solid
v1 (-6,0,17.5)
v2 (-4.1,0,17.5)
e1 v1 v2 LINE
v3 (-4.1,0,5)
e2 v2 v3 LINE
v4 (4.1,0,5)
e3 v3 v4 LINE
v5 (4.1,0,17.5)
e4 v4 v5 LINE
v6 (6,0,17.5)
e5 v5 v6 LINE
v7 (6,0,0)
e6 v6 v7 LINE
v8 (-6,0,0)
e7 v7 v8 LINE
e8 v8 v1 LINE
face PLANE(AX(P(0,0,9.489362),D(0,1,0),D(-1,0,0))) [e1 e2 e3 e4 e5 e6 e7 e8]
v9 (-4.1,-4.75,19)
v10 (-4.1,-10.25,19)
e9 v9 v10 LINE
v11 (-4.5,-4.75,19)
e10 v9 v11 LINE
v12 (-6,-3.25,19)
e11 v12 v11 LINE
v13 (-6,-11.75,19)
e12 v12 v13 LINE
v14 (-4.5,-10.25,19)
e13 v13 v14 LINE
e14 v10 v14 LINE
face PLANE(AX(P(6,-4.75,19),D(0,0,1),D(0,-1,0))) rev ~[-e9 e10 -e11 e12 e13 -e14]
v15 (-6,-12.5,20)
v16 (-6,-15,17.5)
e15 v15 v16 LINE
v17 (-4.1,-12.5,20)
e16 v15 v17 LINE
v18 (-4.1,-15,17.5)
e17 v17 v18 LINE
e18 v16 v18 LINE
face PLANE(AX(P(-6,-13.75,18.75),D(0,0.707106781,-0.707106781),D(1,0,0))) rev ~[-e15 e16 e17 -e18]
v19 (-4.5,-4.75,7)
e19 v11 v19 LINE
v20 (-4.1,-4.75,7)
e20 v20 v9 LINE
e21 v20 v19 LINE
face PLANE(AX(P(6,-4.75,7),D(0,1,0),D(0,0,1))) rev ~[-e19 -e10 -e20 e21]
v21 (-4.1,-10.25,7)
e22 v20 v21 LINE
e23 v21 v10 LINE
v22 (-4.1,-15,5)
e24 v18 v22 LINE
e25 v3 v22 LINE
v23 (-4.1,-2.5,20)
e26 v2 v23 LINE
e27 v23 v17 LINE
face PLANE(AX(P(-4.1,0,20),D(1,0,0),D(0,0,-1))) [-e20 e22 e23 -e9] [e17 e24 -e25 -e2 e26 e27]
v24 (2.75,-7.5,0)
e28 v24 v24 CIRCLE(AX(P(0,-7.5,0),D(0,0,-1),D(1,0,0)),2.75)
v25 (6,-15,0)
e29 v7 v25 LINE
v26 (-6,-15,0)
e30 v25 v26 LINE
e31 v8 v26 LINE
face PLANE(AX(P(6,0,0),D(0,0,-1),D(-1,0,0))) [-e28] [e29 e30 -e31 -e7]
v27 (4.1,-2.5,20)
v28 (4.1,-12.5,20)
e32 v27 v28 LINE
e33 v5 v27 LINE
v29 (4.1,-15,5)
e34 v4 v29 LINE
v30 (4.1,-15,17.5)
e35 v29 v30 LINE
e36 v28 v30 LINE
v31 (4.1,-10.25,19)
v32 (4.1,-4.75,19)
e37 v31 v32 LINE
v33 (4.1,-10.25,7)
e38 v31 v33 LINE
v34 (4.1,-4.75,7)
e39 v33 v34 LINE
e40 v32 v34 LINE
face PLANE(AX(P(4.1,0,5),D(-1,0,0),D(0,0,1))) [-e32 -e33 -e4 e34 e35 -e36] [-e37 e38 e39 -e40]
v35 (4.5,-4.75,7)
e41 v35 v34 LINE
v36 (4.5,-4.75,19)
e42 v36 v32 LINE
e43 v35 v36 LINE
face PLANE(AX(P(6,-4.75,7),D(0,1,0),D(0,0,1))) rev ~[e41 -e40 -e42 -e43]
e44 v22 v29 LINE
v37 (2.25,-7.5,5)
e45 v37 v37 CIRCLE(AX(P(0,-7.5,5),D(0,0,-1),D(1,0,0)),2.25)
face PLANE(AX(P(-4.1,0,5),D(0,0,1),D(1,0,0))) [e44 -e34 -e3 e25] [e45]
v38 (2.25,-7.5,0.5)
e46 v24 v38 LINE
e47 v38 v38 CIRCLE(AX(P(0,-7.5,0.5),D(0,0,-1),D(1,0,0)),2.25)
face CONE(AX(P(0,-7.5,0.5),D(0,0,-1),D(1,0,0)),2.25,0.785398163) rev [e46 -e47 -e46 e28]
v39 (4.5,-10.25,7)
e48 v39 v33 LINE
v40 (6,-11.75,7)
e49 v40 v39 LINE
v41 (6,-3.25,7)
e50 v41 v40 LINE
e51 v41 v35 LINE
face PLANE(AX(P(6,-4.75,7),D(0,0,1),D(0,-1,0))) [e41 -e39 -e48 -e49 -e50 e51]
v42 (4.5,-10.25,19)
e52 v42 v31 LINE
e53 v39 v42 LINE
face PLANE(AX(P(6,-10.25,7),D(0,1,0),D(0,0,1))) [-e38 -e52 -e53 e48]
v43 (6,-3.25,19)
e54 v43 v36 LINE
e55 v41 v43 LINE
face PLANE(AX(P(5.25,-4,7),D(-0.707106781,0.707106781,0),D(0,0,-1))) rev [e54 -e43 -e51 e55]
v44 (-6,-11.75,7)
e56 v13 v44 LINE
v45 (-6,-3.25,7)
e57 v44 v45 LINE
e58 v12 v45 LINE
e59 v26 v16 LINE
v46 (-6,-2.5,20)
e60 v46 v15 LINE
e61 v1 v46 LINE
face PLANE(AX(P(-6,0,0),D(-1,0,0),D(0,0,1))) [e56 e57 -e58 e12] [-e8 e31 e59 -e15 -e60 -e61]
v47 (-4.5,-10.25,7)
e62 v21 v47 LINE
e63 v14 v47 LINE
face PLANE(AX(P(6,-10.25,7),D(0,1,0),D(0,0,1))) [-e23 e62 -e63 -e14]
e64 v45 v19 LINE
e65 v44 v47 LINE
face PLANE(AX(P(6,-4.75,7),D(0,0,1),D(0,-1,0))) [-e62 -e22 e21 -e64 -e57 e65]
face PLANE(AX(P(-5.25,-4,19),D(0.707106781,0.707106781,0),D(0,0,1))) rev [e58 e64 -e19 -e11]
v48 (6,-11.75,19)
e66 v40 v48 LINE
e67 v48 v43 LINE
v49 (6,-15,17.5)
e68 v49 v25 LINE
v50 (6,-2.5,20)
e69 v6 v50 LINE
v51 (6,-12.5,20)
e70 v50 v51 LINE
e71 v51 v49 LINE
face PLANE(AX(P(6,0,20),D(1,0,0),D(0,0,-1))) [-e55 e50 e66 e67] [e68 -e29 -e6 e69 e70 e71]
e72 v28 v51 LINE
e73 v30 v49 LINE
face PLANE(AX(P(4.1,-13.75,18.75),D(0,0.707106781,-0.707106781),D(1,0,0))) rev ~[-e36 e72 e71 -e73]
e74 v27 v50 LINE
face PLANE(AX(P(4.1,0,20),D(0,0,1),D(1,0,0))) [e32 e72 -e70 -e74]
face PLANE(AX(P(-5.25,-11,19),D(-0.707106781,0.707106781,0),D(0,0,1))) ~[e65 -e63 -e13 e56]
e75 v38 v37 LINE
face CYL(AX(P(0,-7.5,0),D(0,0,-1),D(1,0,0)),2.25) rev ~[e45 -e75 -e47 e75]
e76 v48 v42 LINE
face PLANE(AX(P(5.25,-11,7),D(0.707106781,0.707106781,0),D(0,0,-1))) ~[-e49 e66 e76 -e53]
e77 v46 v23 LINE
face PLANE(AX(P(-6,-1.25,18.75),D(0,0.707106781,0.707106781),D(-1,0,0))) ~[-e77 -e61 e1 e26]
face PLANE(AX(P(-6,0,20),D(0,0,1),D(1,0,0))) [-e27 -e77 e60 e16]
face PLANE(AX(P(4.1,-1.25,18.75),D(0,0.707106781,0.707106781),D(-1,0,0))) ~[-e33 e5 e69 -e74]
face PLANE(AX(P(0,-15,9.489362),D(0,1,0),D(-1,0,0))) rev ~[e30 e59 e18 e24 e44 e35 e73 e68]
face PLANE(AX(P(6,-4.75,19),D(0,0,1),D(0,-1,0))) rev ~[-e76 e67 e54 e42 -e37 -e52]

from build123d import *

# Parameters (mm, degrees)
PAD_DEPTH       = 15
SKETCH001_W     = 12
SKETCH001_H     = 5.5
POCKET_DEPTH    = 12.001
SKETCH002_R     = 2.25
POCKET001_DEPTH = 20.001
CHAMFER_SIZE    = 1.5
CHAMFER001_SIZE = 2.5
CHAMFER002_SIZE = 0.5


with BuildPart() as part:
    # Sketch → Pad (new body)
    with BuildSketch(Plane.XZ):
        Polygon((-6, 20), (-4.1, 20), (-4.1, 5), (4.1, 5), (4.1, 20), (6, 20), (6, 0), (-6, 0), align=None)
    extrude(amount=PAD_DEPTH)

    # Sketch001 (on Face2 of Pad) → Pocket (cut, through all)
    with BuildSketch(Plane(origin=(6, 0, 0), x_dir=(0, 0, 1), z_dir=(1, 0, 0))):
        with Locations((13, 7.5)):
            Rectangle(SKETCH001_W, SKETCH001_H)
    extrude(amount=-POCKET_DEPTH, mode=Mode.SUBTRACT)

    # Sketch002 (on Face11 of Pocket) → Pocket001 (cut, through all)
    with BuildSketch(Plane(origin=(0, 0, 0), x_dir=(1, 0, 0), z_dir=(0, 0, -1))):
        with Locations((0, 7.5)):
            Circle(SKETCH002_R)
    extrude(amount=-POCKET001_DEPTH, mode=Mode.SUBTRACT)

    # Chamfer
    chamfer_edges = [part.edges().sort_by_distance(p)[0] for p in [
        (6, -4.75, 13),
        (6, -10.25, 13),
        (-6, -4.75, 13),
        (-6, -10.25, 13),
    ]]
    chamfer(chamfer_edges, length=CHAMFER_SIZE)

    # Chamfer001
    chamfer001_edges = [part.edges().sort_by_distance(p)[0] for p in [
        (-5.05, -15, 20),
        (5.05, -15, 20),
        (5.05, 0, 20),
        (-5.05, 0, 20),
    ]]
    chamfer(chamfer001_edges, length=CHAMFER001_SIZE)

    # Chamfer002
    chamfer002_edges = [part.edges().sort_by_distance(p)[0] for p in [
        (-2.25, -7.5, 0),
    ]]
    chamfer(chamfer002_edges, length=CHAMFER002_SIZE)


solid = part.part
